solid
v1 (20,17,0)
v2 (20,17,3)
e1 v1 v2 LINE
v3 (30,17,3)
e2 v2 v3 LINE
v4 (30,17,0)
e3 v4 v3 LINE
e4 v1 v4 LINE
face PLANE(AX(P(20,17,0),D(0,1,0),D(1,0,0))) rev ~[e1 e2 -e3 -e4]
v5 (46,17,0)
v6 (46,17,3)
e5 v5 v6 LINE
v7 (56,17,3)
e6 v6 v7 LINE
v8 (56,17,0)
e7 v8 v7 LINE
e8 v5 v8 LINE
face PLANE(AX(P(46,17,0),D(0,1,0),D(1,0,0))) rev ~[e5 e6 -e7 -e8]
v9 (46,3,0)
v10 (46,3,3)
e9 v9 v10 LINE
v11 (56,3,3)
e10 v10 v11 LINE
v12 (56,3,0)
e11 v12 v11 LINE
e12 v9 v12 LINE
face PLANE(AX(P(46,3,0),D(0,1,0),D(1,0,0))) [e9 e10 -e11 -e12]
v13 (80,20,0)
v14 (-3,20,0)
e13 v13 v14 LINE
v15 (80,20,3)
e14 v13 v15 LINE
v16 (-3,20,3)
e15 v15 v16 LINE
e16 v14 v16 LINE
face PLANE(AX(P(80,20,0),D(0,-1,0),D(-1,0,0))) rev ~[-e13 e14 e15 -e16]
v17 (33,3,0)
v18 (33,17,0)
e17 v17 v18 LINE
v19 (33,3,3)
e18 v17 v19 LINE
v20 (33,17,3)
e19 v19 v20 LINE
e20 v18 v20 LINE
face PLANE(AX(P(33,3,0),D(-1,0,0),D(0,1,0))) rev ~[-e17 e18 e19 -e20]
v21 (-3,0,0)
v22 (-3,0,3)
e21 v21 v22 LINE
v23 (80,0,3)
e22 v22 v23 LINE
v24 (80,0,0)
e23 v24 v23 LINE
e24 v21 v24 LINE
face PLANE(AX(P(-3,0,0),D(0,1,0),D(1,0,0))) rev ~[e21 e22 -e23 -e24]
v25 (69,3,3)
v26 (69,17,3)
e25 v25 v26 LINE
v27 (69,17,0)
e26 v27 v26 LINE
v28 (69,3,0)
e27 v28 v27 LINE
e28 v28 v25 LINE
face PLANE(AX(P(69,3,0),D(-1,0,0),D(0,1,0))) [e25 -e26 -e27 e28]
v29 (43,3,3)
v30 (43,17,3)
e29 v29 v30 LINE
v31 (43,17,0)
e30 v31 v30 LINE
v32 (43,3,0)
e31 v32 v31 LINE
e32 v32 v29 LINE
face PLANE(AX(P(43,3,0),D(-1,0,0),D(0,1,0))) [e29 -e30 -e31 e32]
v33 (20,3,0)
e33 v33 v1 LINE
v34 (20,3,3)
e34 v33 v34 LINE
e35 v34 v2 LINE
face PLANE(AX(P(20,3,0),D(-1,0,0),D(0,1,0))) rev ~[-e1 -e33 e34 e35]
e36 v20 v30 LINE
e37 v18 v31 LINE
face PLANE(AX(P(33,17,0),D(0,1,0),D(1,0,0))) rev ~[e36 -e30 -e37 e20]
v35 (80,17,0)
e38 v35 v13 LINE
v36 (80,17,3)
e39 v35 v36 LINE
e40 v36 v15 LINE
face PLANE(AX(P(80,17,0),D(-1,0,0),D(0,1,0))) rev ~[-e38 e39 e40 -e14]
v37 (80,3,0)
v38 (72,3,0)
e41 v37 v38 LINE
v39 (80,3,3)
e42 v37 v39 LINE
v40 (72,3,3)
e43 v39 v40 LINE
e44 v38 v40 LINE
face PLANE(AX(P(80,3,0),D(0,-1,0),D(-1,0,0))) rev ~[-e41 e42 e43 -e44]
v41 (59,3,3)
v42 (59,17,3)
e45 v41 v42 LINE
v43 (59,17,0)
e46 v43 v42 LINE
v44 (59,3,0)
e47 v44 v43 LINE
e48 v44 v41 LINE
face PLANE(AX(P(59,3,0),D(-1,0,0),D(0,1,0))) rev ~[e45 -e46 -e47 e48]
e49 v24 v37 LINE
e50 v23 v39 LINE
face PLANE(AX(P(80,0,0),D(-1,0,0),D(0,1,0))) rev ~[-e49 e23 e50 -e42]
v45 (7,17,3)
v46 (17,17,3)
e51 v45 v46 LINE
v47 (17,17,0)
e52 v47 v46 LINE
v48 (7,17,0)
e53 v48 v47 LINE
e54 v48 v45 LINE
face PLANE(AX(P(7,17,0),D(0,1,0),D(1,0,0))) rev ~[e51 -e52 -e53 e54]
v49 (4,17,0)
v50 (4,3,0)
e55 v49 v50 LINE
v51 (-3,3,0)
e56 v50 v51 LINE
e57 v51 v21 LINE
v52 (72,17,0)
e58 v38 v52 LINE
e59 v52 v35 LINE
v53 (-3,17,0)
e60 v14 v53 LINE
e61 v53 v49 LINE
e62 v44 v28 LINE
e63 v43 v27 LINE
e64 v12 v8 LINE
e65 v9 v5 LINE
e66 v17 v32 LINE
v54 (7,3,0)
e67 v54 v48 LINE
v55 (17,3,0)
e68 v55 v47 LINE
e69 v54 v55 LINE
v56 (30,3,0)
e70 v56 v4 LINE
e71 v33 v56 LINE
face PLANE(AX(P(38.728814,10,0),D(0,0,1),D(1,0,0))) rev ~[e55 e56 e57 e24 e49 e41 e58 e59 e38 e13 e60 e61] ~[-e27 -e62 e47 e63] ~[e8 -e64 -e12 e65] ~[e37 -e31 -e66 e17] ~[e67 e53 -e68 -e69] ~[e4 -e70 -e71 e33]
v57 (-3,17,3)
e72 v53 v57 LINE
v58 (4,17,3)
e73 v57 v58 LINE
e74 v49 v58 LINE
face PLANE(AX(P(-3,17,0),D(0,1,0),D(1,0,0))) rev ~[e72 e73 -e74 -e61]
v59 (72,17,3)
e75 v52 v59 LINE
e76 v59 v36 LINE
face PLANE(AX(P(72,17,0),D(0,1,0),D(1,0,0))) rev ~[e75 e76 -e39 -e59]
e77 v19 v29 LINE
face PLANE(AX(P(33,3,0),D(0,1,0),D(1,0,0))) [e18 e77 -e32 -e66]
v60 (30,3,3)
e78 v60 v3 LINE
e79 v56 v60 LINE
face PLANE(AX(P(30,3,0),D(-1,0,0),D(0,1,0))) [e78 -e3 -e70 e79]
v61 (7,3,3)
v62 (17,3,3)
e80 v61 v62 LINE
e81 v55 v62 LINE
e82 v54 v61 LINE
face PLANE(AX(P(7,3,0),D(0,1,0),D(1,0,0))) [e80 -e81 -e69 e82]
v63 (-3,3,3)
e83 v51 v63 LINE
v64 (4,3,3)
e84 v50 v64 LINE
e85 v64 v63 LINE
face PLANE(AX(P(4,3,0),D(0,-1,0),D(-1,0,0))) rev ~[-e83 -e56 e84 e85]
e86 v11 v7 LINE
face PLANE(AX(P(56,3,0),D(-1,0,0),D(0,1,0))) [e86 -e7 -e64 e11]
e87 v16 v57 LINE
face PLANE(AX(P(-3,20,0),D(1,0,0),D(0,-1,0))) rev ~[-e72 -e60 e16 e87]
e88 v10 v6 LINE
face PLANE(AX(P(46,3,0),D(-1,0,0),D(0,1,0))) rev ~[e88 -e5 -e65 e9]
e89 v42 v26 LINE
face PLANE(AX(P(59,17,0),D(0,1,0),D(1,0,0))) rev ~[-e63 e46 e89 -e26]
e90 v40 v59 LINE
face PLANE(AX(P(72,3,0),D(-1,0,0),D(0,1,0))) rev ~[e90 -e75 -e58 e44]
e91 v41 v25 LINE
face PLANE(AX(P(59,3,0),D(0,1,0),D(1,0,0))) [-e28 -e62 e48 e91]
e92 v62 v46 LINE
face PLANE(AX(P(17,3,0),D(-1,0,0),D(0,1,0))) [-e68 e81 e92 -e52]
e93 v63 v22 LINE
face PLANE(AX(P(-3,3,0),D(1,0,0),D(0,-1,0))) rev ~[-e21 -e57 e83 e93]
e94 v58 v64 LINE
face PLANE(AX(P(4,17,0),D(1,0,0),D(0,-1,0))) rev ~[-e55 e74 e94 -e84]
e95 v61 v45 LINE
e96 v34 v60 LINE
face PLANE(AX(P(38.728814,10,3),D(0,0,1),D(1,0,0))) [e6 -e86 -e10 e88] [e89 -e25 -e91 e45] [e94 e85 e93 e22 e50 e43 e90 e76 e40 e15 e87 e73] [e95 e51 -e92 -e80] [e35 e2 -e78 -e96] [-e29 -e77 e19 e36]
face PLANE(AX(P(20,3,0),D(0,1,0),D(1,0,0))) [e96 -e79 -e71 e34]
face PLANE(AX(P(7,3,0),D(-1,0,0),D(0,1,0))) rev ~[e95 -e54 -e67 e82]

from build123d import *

# Parameters (mm, degrees)
F0_W     = 10
F0_H     = 14
F1_DEPTH = 3


with BuildPart() as f1:
    # F0 (on Top) → F1 (new body)
    with BuildSketch(Plane.XY):
        Polygon((-3, 0), (0, 0), (80, 0), (80, 3), (72, 3), (72, 17), (80, 17), (80, 20), (0, 20), (-3, 20), (-3, 17), (0, 17), (4, 17), (4, 3), (0, 3), (-3, 3), align=None)
        with Locations((12, 10)):
            Rectangle(F0_W, F0_H, mode=Mode.SUBTRACT)
        with Locations((25, 10)):
            Rectangle(F0_W, F0_H, mode=Mode.SUBTRACT)
        with Locations((38, 10)):
            Rectangle(F0_W, F0_H, mode=Mode.SUBTRACT)
        with Locations((51, 10)):
            Rectangle(F0_W, F0_H, mode=Mode.SUBTRACT)
        with Locations((64, 10)):
            Rectangle(F0_W, F0_H, mode=Mode.SUBTRACT)
    extrude(amount=F1_DEPTH)


solid = f1.part
